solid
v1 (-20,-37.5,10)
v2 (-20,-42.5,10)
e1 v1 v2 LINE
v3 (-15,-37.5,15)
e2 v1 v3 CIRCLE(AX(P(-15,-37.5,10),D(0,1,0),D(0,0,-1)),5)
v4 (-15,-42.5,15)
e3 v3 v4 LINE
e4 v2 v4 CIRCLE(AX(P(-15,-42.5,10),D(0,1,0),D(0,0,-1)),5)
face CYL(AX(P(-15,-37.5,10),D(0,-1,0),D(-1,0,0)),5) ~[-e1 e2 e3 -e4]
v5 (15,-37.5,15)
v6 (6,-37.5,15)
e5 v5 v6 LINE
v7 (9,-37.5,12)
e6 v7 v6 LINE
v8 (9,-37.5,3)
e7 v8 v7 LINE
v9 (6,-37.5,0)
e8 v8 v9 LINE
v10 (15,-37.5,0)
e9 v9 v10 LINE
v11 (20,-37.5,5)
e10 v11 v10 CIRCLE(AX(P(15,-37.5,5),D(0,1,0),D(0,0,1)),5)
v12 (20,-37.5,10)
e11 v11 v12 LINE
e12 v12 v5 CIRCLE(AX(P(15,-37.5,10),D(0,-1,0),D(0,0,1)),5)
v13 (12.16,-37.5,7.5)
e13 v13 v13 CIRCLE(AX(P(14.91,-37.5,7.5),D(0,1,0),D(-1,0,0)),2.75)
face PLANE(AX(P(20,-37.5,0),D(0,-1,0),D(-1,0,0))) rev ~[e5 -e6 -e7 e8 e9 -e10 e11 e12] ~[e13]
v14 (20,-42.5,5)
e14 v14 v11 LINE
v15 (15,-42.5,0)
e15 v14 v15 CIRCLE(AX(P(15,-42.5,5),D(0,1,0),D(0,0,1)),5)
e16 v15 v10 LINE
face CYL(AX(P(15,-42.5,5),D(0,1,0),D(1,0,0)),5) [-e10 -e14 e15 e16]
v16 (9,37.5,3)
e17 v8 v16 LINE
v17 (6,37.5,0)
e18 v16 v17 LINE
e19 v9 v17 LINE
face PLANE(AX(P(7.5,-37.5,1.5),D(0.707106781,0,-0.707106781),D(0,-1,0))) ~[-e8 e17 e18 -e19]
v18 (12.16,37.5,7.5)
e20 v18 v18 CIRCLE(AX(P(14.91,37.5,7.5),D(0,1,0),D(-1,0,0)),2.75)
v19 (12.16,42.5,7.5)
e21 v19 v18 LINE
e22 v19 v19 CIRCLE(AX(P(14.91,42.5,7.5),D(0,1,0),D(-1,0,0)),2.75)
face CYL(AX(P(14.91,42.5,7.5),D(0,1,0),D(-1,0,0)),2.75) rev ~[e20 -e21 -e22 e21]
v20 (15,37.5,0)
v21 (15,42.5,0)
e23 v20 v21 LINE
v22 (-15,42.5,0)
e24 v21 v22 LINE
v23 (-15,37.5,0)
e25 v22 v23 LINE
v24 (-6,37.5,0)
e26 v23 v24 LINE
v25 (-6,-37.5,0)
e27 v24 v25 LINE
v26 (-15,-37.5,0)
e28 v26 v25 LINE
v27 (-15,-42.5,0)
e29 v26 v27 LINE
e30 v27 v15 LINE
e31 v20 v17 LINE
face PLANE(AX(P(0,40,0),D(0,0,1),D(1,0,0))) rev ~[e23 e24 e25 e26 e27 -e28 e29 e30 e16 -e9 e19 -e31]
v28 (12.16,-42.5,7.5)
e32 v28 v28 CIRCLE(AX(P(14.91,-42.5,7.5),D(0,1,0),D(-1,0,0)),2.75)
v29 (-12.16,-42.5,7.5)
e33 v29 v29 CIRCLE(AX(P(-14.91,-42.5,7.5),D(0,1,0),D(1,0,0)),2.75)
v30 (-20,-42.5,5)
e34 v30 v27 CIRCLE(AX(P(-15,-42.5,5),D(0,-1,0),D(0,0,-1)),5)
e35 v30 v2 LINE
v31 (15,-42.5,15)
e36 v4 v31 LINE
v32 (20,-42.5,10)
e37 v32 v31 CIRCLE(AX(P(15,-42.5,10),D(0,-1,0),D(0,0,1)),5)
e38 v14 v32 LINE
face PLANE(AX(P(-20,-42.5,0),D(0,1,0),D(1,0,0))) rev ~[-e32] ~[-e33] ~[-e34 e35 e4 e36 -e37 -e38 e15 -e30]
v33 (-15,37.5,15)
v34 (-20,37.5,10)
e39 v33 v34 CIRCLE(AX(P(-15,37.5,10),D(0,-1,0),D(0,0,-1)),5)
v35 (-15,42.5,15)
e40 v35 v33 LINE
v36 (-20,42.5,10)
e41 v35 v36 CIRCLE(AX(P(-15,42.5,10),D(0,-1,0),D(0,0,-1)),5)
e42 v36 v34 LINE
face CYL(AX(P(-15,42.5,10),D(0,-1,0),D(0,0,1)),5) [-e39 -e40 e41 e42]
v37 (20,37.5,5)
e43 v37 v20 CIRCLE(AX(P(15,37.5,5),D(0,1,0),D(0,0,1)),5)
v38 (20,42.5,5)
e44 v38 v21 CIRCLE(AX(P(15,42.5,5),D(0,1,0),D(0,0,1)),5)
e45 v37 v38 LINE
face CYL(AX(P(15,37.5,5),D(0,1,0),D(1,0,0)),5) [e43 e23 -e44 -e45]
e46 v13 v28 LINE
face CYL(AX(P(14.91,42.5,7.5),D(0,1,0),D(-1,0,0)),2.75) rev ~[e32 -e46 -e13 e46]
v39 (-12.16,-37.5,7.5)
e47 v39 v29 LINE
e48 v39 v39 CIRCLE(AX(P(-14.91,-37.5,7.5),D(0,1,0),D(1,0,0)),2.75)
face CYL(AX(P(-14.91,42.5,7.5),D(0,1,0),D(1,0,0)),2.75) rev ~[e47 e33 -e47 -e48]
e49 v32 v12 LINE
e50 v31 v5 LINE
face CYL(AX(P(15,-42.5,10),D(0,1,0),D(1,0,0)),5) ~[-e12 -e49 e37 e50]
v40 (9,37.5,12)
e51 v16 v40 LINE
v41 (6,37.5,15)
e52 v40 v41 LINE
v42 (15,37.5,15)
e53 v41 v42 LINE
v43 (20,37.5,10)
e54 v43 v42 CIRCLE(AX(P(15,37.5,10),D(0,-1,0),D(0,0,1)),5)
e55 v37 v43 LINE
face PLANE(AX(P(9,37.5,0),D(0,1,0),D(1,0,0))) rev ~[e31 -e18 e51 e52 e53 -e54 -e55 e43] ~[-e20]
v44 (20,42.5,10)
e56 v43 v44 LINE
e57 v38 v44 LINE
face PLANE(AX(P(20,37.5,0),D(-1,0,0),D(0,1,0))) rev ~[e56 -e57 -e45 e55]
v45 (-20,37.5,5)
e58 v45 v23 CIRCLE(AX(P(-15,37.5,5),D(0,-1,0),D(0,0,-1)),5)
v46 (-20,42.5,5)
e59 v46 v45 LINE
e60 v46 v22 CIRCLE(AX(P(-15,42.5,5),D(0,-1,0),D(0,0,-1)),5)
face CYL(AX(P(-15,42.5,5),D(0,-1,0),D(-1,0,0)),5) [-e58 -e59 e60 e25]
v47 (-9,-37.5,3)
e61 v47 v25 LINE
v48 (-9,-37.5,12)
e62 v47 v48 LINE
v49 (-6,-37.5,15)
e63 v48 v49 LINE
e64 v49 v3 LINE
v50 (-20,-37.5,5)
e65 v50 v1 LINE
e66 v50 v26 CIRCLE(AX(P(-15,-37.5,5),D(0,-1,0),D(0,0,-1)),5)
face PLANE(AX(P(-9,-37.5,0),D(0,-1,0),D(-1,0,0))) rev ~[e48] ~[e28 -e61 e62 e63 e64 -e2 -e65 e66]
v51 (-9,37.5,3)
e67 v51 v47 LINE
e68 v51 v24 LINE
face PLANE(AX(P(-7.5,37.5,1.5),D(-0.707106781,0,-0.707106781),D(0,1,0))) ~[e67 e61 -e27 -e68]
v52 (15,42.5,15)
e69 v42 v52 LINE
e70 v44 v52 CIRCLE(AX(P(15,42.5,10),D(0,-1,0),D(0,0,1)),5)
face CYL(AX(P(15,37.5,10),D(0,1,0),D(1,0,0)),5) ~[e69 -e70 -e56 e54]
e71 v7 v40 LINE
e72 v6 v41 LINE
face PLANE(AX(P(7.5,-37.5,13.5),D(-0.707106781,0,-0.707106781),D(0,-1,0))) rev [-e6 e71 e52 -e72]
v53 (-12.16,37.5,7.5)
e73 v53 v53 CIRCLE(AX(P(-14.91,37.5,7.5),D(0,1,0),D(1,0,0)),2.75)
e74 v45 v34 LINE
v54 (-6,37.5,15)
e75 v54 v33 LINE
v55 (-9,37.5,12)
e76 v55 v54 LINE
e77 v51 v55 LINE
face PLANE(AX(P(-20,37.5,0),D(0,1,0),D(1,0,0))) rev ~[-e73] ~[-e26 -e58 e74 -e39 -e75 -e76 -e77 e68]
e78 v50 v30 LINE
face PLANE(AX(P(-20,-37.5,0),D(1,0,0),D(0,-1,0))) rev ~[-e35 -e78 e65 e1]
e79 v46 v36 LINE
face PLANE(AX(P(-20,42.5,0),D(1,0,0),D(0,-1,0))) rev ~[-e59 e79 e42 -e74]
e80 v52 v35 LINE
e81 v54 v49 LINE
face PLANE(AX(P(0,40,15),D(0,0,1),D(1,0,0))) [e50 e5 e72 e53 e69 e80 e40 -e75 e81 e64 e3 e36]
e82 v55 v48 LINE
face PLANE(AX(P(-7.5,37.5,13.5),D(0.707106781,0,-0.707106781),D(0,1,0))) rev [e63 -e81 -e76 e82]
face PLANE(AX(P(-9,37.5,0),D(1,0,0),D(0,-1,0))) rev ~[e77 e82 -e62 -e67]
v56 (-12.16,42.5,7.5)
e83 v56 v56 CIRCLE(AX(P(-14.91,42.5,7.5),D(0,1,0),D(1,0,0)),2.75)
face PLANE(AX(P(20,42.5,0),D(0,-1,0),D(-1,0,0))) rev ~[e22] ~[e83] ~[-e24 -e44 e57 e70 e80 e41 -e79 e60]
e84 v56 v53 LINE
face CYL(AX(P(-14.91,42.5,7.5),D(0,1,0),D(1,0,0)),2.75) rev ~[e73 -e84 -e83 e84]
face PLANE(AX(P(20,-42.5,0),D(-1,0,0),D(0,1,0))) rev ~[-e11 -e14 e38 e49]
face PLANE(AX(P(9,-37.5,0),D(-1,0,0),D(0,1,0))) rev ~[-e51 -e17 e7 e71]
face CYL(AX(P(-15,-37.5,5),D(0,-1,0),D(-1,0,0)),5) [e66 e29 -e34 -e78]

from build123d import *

# Parameters (mm, degrees)
F1_DEPTH = 15
F2_SIZE  = 3
F3_R     = 5
F4_R     = 2.75
F5_DEPTH = 150


with BuildPart() as f1:
    # F0 (on Top) → F1 (new body)
    with BuildSketch(Plane.XY):
        Polygon((0, 37.5), (9, 37.5), (20, 37.5), (20, 42.5), (-20, 42.5), (-20, 37.5), (-9, 37.5), align=None)
        Polygon((9, -37.5), (9, 37.5), (0, 37.5), (-9, 37.5), (-9, -37.5), (0, -37.5), align=None)
        Polygon((20, -37.5), (9, -37.5), (0, -37.5), (-9, -37.5), (-20, -37.5), (-20, -42.5), (20, -42.5), align=None)
    extrude(amount=F1_DEPTH)

    # F2
    f2_edges = [f1.edges().sort_by_distance(p)[0] for p in [
        (9, 0, 0),
        (-9, 0, 0),
        (-9, 0, 15),
        (9, 0, 15),
    ]]
    chamfer(f2_edges, length=F2_SIZE)

    # F3
    f3_edges = [f1.edges().sort_by_distance(p)[0] for p in [
        (20, -40, 15),
        (-20, -40, 0),
        (-20, -40, 15),
        (20, -40, 0),
        (-20, 40, 15),
        (-20, 40, 0),
        (20, 40, 0),
        (20, 40, 15),
    ]]
    fillet(f3_edges, radius=F3_R)

    # F4 (on face) → F5 (cut)
    with BuildSketch(Plane(origin=(0, 42.5, 0), x_dir=(-1, 0, 0), z_dir=(0, 1, 0))):
        with BuildLine():
            ThreePointArc((17.66, 7.5), (14.91, 10.25), (12.16, 7.5))
            ThreePointArc((12.16, 7.5), (14.91, 4.75), (17.66, 7.5))
        make_face()
        with Locations((-14.91, 7.5)):
            Circle(F4_R)
    extrude(amount=-F5_DEPTH, mode=Mode.SUBTRACT)


solid = f1.part
